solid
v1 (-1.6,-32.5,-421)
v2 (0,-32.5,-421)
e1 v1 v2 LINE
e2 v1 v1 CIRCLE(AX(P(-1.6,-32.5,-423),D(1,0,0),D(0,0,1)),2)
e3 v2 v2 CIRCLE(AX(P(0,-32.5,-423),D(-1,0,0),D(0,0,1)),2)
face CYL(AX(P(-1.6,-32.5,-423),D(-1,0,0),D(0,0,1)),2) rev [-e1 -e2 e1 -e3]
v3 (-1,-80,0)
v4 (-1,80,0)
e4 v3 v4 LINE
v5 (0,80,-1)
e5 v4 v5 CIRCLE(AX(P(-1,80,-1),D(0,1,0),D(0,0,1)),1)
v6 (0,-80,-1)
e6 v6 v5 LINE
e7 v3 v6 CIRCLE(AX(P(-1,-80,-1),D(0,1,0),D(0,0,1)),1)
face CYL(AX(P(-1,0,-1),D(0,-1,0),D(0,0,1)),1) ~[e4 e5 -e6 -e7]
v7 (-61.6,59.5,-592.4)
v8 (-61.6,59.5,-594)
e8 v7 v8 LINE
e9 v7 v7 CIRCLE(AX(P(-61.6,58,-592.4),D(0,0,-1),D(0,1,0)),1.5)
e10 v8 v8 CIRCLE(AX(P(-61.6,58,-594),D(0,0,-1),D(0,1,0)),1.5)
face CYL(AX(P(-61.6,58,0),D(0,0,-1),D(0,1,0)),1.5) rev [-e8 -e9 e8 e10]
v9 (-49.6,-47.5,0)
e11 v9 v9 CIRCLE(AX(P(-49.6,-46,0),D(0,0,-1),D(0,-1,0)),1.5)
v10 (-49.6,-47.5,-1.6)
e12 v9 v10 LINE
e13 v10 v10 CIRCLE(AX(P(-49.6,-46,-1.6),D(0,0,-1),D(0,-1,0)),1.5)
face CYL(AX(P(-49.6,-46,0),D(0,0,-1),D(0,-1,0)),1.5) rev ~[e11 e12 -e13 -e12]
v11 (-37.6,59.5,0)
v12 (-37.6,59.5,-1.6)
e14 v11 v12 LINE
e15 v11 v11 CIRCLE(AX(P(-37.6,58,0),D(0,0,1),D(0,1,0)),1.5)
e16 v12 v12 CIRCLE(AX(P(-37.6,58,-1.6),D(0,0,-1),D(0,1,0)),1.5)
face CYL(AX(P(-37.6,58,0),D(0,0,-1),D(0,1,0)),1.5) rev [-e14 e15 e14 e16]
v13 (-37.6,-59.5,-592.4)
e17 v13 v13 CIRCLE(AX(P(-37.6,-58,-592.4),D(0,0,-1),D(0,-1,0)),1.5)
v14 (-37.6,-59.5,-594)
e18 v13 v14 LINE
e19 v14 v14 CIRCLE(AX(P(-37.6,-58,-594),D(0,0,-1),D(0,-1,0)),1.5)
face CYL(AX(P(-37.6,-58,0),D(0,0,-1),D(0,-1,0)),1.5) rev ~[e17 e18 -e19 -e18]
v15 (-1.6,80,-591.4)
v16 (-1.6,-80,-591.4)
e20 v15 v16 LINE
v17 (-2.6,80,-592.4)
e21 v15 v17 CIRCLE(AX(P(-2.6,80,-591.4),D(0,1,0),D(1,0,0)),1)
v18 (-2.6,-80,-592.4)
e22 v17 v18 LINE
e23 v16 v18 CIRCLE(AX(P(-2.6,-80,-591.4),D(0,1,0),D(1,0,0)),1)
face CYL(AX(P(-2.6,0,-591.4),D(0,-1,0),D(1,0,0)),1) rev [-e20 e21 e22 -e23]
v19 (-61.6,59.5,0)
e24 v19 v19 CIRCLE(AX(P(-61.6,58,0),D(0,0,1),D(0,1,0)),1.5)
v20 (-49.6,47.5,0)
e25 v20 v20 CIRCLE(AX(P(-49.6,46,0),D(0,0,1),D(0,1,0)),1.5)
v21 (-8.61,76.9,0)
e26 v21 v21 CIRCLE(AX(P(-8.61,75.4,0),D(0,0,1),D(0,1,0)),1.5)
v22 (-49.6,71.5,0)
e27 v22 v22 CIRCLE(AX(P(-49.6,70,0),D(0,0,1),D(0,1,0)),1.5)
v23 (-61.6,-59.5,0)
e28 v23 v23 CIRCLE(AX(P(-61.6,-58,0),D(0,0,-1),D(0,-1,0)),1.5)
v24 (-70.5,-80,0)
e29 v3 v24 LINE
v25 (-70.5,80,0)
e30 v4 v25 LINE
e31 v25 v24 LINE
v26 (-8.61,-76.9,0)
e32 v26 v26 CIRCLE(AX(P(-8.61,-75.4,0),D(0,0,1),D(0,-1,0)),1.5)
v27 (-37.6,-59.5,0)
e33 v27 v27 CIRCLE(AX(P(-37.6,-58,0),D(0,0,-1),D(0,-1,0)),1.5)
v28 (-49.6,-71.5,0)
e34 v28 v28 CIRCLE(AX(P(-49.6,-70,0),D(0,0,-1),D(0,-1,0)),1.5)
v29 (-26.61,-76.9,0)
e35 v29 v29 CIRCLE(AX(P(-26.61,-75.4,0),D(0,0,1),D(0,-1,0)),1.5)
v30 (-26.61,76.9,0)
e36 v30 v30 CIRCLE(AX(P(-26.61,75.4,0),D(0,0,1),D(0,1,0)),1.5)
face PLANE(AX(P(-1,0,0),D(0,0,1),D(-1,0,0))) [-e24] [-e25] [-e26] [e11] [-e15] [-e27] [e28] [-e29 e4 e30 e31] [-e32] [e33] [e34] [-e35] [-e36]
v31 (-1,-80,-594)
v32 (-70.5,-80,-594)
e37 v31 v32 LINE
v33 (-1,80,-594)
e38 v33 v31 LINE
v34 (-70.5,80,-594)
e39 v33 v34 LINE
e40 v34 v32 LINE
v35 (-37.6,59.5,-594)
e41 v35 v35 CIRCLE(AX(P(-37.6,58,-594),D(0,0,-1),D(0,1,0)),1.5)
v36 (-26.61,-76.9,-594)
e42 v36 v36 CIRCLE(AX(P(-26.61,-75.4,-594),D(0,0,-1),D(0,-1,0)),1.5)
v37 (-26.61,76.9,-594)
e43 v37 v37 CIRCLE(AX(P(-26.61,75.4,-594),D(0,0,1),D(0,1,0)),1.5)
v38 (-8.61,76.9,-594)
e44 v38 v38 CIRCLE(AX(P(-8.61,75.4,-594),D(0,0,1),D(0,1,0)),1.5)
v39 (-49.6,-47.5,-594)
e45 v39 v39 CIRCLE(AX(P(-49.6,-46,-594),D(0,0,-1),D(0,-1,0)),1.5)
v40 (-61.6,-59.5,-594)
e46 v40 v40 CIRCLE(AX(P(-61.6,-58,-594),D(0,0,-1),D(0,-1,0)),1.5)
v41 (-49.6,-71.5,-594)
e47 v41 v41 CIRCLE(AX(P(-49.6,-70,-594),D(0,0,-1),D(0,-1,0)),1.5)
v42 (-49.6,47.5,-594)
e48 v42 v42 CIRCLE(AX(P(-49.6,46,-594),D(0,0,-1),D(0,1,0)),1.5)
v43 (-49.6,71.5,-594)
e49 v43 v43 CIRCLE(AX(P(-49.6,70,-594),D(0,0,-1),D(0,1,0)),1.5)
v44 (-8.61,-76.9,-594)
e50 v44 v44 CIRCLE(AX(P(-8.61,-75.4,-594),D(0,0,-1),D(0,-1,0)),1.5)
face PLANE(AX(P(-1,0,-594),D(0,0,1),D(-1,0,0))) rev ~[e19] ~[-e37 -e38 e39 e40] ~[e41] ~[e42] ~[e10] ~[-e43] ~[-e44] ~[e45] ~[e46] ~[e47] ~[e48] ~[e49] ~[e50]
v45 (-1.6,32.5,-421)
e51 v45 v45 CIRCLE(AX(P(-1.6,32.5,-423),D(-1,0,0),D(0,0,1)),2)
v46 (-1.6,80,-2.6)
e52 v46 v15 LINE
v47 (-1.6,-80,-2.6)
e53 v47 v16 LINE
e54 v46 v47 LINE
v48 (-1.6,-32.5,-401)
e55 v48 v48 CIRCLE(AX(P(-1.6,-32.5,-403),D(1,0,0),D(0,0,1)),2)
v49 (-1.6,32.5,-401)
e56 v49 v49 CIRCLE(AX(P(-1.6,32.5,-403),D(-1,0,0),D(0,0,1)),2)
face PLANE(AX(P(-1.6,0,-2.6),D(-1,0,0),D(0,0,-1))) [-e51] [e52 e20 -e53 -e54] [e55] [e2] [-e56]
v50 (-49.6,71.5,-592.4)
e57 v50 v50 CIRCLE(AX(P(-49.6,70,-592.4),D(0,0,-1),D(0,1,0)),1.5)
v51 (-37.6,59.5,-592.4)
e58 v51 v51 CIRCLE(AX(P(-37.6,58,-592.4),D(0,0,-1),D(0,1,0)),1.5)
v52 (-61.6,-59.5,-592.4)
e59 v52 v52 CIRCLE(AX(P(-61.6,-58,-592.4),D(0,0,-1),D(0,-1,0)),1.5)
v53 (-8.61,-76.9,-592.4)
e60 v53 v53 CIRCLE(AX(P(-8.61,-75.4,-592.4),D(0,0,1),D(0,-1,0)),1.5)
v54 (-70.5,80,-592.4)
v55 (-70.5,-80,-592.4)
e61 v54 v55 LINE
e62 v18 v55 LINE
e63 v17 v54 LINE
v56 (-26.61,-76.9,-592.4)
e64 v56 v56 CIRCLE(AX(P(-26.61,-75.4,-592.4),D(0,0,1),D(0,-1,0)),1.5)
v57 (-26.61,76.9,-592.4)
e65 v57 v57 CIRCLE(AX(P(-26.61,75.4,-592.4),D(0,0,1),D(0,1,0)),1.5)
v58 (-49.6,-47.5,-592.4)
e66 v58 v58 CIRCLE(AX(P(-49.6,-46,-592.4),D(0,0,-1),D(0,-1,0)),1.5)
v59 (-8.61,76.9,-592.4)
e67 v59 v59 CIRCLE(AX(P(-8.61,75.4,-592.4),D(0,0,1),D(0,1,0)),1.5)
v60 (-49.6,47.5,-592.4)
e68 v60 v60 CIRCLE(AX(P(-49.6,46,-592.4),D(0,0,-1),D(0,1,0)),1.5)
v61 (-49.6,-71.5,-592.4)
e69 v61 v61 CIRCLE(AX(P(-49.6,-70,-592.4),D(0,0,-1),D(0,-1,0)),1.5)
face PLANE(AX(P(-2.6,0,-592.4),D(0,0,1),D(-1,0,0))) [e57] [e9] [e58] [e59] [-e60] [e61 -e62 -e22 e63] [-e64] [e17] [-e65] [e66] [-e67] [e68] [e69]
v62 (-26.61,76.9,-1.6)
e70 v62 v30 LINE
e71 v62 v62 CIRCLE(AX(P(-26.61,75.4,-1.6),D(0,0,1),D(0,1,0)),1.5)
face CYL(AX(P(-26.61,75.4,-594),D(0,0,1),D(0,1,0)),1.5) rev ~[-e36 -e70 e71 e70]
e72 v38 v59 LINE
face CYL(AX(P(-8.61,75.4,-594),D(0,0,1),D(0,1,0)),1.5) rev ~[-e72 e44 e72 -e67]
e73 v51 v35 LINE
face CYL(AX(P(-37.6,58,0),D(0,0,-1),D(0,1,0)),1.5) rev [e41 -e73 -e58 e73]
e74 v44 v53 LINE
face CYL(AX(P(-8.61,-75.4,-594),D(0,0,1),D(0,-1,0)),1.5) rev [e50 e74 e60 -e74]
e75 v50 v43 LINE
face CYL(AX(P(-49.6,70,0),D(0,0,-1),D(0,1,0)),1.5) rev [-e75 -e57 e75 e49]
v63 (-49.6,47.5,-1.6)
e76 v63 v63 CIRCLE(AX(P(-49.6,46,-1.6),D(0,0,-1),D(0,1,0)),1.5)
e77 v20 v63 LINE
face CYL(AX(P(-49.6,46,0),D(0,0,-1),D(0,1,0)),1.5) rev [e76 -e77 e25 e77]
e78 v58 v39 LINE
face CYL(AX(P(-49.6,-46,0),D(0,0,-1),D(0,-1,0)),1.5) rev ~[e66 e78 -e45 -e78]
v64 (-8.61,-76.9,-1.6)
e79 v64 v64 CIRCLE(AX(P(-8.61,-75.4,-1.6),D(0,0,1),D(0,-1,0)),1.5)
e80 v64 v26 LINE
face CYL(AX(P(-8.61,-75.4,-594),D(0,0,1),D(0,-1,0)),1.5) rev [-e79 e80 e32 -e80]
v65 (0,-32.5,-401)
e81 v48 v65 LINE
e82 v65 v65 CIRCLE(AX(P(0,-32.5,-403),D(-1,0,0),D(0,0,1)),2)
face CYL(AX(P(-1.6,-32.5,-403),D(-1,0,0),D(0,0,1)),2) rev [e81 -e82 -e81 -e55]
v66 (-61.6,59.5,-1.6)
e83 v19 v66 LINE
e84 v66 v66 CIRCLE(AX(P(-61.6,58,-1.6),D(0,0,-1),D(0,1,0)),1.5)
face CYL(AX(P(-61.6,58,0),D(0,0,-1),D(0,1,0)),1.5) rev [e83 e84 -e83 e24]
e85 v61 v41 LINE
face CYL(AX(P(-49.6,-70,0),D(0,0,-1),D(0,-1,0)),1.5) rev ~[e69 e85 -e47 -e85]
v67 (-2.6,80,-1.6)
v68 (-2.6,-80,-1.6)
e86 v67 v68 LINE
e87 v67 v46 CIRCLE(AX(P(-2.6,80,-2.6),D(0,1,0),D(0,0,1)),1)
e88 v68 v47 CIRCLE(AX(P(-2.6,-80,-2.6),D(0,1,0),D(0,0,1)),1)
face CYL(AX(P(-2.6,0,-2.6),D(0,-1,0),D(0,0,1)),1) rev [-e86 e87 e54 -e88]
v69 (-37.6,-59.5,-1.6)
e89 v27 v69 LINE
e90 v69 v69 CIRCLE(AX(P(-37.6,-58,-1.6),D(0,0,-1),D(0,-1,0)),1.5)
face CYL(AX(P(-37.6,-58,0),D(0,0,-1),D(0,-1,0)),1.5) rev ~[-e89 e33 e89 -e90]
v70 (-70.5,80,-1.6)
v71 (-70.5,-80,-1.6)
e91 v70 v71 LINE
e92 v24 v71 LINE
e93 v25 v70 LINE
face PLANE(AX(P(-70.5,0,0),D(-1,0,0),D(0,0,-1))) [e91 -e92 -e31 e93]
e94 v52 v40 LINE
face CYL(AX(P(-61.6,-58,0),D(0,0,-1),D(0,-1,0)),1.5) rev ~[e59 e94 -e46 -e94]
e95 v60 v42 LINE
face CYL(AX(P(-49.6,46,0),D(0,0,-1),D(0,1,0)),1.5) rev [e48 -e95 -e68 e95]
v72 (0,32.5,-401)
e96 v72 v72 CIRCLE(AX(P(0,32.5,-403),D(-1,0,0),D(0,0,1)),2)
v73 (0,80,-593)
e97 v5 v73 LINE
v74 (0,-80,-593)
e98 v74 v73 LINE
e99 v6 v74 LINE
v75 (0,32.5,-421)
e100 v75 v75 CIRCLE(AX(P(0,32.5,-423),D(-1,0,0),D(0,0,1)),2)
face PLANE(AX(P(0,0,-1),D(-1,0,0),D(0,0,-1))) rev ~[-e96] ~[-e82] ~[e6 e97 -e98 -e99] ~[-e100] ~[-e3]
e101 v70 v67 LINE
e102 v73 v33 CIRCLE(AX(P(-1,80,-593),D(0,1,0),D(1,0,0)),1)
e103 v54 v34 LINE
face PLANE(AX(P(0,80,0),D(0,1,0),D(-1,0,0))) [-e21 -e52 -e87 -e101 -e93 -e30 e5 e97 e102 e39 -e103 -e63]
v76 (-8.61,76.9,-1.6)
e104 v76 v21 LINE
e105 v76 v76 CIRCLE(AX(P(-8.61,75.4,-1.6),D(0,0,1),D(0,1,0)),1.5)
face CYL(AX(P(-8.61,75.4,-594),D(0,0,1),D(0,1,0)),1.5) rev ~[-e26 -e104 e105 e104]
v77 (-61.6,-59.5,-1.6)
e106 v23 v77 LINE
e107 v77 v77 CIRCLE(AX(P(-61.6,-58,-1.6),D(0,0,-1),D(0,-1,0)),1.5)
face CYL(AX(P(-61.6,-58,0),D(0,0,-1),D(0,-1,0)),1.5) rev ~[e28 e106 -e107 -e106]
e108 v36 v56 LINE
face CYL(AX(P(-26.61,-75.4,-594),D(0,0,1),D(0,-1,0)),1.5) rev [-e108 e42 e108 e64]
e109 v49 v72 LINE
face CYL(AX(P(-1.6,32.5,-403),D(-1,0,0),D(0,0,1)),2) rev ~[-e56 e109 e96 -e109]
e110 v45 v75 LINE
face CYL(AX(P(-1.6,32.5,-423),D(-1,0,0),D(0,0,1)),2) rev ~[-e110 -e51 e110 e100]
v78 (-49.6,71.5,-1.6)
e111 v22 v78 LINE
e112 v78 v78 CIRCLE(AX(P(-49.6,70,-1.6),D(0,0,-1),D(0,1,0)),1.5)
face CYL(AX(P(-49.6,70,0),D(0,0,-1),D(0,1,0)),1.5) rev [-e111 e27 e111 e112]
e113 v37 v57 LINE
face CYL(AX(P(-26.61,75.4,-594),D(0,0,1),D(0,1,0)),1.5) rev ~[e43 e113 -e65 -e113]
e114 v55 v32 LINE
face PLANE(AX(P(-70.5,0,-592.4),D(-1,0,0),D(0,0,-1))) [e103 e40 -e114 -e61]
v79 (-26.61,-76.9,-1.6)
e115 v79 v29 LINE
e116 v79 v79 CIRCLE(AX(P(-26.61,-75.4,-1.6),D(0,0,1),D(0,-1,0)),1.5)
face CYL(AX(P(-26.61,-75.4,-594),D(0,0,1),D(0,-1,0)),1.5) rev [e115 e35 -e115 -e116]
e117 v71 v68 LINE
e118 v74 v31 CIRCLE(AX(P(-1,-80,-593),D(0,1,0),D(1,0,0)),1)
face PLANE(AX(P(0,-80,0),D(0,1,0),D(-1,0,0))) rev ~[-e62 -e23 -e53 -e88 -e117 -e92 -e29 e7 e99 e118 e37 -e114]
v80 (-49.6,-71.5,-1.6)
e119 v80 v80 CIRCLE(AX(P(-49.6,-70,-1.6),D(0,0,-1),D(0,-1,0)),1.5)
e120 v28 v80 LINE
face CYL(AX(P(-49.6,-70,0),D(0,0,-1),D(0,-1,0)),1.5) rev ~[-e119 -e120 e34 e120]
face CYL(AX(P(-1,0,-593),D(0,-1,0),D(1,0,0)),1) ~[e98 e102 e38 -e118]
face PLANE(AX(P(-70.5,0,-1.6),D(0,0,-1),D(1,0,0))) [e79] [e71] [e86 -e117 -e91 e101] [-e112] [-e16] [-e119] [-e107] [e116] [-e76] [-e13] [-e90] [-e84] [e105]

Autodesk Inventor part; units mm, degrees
ref_plane "YZ Plane" through (0, 0, 0) normal (1, 0, 0) x (0, 1, 0)
ref_plane "XZ Plane" through (0, 0, 0) normal (0, 1, 0) x (-1, 0, 0)
ref_plane "XY Plane" through (0, 0, 0) normal (0, 0, 1) x (1, 0, 0)
sketch "Sketch1" plane through (0, 0, 0) normal (0, 1, 0) x (-1, 0, 0)
  line L0 (1, 0) -> (70.5, 0)
  line L1 (0, -1) -> (0, -593)
  line L2 (1, -594) -> (70.5, -594)
  line L3 (70.5, -1.6) -> (2.6, -1.6)
  line L4 (1.6, -2.6) -> (1.6, -591.4)
  line L5 (2.6, -592.4) -> (70.5, -592.4)
  line L6 (70.5, 0) -> (70.5, -1.6)
  line L7 (70.5, -592.4) -> (70.5, -594)
  arc A0 (1, 0) -> (0, -1) centre (1, -1) ccw
  arc A1 (0, -593) -> (1, -594) centre (1, -593) ccw
  arc A2 (2.6, -1.6) -> (1.6, -2.6) centre (2.6, -2.6) ccw
  arc A3 (1.6, -591.4) -> (2.6, -592.4) centre (2.6, -591.4) ccw
  point P0 (0, 0)
  point P1 (0, -594)
  dimension "d0" = 70.5
  dimension "d1" = 594
  dimension "d2" = 70.5
  dimension "d3" = 1.6
  dimension "d4" = 1
  dimension "d5" = 1
extrude "Extrusion1" add sketch "Sketch1" along normal mid plane 160
sketch "Sketch2" plane through (-70.5, -80, 0) normal (0, 0, 1) x (1, 0, 0)
  line L0 (0, 0) -> (0, 160) projected
  line L1 (67.9, 160) -> (0, 160) projected
  line L2 (0, 0) -> (67.9, 0) projected
  circle A0 centre (20.9, 10) radius 1.75
  circle A1 centre (8.9, 22) radius 1.75
  circle A2 centre (20.9, 34) radius 1.75
  circle A3 centre (32.9, 22) radius 1.75
  line L3 (70.5, 80) -> (70.5, 160) projected
hole "Hole1" at (-49.6, -70, 0) at (-37.6, -58, 0) at (-49.6, -46, 0) at (-61.6, -58, 0) direction (0, 0, -1) diameter 3 end through all
mirror "Mirror1" about plane through (0, 0, 0) normal (0, 1, 0) of "Hole1"
sketch "Sketch3" plane through (-1.6, -80, -2.6) normal (-1, 0, 0) x (0, 0, 1)
  line L0 (-589.8, 0) -> (-589.8, 160) projected
  line L1 (-588.8, 160) -> (0, 160) projected
  line L2 (0, 0) -> (-588.8, 0) projected
  line L3 (-588.8, 0) -> (-588.8, 160) projected
  circle A0 centre (-420.4, 112.5) radius 2
  circle A1 centre (-400.4, 112.5) radius 2
  point P0 (2.6, 80)
  dimension "d28" = 4
  dimension "d30" = 4
  dimension "d33" = 47.5
  dimension "d35" = 20
extrude "Extrusion2" cut sketch "Sketch3" against normal blind 3
mirror "Mirror2" about plane through (0, 0, 0) normal (0, 1, 0) of "Extrusion2"
sketch "Sketch4" plane through (-1, 80, -594) normal (0, 0, -1) x (-1, 0, 0)
  line L0 (69.5, 0) -> (1.6, 0) projected
  line L1 (1.6, 0) -> (8.6, 0)
  circle A0 centre (7.61, -4.6) radius 2
  circle A1 centre (25.61, -4.6) radius 2
  line L2 (0, -160) -> (0, 0) projected
  line L3 (69.5, -160) -> (69.5, 0) projected
  point P0 (-1, -80)
  dimension "d38" = 4
  dimension "d40" = 4
  dimension "d48" = 4.6
  dimension "d49" = 4.6
  dimension "d51" = 18
  dimension "d52" = 43.89
hole "Hole2" at (-26.61, 75.4, -594) at (-8.61, 75.4, -594) direction (0, 0, 1) diameter 3 end through all
mirror "Mirror3" about plane through (0, 0, 0) normal (0, 1, 0) of "Hole2"
properties part number "Caja - Base"
